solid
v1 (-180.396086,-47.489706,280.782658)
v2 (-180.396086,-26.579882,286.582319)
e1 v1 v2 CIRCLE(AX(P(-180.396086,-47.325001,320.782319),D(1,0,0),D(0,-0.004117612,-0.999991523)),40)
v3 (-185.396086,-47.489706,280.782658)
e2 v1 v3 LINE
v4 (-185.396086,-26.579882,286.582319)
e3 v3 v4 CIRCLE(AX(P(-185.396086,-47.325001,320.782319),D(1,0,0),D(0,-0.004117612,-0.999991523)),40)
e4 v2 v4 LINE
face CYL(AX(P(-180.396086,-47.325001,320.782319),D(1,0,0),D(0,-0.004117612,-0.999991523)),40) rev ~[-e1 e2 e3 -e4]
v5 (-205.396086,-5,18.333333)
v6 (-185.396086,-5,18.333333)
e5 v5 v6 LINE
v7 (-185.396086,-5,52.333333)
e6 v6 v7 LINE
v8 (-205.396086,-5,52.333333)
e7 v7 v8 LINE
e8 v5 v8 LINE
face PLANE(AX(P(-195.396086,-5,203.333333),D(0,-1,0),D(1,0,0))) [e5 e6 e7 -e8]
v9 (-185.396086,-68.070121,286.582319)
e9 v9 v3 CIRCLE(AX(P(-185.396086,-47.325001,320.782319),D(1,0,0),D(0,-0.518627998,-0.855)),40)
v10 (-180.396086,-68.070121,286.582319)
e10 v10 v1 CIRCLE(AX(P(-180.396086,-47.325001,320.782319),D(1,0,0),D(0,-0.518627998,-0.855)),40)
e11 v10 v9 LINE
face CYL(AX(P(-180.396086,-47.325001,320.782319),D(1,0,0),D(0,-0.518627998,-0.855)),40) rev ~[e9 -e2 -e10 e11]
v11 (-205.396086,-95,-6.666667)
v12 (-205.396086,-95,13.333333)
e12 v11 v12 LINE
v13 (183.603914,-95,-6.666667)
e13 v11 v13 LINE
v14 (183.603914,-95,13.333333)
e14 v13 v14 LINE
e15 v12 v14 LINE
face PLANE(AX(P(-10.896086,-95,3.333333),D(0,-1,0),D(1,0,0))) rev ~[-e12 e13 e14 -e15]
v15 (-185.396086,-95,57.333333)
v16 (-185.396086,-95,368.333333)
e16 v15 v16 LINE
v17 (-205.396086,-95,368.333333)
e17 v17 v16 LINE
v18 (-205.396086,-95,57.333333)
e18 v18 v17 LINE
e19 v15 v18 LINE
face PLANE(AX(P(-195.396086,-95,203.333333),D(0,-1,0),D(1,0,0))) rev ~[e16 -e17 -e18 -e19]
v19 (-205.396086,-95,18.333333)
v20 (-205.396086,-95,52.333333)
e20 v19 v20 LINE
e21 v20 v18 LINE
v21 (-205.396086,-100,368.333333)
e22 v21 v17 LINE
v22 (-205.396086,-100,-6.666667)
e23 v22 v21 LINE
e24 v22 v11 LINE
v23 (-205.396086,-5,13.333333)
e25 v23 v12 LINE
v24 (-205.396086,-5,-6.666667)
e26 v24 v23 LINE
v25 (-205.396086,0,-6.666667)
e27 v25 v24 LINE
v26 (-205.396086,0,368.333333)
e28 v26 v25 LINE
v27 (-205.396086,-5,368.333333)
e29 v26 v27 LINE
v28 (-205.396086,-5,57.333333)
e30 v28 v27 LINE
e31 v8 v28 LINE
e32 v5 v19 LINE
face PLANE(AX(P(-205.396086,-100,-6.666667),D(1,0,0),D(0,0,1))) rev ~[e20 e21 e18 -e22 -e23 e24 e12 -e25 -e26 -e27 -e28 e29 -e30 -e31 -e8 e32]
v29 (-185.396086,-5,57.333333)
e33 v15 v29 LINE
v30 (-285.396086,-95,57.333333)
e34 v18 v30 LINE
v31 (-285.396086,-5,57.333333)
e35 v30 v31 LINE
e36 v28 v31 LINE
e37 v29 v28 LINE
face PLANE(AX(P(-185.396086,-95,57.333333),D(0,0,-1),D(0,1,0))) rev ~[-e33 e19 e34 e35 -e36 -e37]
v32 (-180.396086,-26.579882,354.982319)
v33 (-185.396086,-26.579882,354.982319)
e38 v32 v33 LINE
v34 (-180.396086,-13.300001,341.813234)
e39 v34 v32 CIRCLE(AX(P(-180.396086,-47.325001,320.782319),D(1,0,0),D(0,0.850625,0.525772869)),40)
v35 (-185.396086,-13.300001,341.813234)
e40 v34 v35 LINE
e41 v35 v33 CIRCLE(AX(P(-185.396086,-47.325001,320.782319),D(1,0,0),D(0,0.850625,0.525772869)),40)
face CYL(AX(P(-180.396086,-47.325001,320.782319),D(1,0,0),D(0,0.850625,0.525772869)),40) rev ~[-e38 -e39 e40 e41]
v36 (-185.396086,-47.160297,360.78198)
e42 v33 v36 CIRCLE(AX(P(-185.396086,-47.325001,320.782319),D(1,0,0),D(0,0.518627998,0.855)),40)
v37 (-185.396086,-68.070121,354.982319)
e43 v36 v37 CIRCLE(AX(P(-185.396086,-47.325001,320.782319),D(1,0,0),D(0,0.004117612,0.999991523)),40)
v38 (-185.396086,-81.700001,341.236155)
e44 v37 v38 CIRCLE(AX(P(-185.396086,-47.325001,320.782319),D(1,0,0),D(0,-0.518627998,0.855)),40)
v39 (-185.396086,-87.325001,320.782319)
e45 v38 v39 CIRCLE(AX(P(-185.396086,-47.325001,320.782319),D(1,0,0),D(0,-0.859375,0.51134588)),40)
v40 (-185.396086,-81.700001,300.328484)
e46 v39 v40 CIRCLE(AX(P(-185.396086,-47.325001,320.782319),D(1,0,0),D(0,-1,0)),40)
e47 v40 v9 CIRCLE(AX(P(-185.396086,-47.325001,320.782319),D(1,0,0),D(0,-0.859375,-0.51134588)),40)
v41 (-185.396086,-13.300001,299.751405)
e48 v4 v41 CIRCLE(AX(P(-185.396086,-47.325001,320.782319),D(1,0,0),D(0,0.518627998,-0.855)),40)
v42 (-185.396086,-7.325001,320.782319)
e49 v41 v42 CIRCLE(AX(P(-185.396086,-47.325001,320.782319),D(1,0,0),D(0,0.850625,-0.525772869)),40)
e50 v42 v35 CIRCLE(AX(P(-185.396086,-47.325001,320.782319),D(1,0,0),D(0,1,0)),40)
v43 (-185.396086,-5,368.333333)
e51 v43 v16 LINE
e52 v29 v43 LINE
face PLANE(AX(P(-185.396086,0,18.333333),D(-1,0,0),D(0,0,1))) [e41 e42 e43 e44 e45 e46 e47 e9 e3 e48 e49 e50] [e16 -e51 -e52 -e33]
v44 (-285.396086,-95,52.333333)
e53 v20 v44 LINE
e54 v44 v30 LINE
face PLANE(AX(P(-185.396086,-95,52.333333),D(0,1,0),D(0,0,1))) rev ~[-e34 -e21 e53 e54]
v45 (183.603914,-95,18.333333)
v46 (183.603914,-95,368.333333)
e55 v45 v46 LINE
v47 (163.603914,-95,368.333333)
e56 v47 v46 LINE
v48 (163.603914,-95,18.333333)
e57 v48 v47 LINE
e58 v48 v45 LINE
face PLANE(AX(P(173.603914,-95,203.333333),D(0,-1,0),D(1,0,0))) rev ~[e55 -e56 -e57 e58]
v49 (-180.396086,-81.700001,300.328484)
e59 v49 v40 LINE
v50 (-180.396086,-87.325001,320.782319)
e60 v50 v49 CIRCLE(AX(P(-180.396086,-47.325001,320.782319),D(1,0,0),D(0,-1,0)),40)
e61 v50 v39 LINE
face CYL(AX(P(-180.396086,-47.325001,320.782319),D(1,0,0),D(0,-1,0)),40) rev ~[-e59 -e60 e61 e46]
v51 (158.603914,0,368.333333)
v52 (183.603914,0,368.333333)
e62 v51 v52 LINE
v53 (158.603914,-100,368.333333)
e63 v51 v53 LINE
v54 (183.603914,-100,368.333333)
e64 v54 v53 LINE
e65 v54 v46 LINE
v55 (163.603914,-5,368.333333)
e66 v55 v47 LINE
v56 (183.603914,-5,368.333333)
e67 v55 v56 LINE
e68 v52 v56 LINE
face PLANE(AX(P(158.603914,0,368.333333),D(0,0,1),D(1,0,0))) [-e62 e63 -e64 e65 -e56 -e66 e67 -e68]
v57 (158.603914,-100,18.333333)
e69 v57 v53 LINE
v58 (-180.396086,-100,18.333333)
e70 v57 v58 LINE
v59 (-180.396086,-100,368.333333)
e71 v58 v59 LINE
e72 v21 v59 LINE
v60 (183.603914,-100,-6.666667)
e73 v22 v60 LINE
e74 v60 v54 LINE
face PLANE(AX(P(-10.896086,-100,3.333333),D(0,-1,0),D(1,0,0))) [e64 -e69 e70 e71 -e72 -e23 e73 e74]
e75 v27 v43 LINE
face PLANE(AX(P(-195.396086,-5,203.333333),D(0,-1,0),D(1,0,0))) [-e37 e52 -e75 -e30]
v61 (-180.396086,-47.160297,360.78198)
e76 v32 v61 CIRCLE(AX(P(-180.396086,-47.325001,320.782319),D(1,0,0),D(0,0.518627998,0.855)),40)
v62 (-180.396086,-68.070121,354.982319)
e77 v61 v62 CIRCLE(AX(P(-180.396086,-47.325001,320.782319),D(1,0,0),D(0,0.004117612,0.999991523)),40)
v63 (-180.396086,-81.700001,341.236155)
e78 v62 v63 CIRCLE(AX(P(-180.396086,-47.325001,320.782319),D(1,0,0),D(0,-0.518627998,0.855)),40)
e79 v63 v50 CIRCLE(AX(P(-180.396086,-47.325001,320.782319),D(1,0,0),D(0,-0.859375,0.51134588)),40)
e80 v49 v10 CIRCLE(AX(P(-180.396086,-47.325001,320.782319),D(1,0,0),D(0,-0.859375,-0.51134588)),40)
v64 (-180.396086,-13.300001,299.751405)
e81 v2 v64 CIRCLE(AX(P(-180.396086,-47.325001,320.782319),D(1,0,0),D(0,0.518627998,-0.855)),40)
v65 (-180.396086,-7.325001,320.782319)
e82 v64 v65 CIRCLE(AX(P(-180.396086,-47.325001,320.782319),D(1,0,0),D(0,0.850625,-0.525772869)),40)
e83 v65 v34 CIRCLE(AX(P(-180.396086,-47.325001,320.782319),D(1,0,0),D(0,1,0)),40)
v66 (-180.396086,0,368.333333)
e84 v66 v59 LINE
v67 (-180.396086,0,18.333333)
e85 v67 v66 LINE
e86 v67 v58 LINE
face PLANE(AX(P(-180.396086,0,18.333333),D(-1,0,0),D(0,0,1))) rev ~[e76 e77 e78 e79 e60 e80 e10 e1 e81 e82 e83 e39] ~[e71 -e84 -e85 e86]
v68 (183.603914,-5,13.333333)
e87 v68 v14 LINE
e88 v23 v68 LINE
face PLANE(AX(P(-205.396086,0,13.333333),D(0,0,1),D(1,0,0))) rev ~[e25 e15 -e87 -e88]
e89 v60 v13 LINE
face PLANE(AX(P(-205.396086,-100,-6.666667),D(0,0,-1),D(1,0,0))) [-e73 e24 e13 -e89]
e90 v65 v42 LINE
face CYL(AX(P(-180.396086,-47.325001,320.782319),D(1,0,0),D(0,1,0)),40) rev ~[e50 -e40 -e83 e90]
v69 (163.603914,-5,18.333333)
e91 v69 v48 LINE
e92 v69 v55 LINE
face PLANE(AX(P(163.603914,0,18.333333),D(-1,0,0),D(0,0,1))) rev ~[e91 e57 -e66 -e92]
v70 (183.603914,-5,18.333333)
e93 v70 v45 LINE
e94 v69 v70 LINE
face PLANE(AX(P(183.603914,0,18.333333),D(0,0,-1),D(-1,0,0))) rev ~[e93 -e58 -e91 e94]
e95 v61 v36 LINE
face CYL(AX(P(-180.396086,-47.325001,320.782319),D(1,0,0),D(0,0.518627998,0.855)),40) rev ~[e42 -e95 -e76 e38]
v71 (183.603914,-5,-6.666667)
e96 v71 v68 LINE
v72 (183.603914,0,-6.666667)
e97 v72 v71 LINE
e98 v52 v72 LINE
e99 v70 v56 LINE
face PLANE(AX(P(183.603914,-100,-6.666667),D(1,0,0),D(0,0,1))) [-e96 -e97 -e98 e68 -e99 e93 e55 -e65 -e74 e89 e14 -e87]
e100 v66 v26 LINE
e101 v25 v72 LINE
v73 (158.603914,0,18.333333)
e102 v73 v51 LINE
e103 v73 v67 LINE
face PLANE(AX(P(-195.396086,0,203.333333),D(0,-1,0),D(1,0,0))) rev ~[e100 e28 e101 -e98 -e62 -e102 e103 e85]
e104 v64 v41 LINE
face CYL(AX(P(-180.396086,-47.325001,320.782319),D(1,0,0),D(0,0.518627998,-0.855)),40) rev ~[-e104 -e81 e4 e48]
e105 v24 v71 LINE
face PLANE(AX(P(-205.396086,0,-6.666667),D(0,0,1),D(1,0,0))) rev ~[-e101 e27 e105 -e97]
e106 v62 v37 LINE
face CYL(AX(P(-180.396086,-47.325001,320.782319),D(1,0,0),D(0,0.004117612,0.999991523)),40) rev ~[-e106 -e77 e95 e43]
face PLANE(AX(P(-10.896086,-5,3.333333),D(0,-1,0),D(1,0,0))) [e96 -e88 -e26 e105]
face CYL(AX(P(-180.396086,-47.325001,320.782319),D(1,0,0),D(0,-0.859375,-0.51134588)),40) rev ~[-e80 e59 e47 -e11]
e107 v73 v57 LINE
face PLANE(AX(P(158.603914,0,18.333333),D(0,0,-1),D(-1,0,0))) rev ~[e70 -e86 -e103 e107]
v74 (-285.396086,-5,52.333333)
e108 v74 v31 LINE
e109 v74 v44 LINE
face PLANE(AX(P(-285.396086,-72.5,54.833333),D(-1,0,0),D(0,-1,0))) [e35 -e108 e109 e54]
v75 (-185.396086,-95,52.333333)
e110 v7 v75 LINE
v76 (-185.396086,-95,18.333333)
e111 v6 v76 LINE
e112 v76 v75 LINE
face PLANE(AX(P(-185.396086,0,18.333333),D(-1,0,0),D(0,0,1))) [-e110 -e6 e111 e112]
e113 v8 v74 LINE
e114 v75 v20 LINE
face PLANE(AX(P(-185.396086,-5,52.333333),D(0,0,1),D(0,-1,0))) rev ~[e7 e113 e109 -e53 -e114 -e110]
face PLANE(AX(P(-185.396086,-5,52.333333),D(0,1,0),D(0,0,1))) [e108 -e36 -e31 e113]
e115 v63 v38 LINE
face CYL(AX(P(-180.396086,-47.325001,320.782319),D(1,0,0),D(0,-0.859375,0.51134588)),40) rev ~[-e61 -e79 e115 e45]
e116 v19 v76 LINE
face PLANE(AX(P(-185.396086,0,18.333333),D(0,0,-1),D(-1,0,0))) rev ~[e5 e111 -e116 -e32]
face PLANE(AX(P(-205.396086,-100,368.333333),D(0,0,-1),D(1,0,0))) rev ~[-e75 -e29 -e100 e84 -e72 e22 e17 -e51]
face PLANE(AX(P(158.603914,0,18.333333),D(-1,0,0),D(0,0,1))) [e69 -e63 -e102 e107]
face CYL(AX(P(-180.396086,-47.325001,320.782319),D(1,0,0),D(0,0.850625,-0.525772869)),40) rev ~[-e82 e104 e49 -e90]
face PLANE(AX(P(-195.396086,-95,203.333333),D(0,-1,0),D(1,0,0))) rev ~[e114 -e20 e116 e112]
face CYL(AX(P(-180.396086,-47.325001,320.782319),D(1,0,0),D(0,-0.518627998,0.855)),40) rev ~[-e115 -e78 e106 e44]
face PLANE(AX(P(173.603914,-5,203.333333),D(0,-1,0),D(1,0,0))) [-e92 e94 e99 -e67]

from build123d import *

# Parameters (mm, degrees)
F0_W      = 5
F0_H      = 370
F1_DEPTH  = 100
F0_W_2    = 20
F0_W_3    = 389
F0_H_2    = 20
F2_DEPTH  = 5
F3_W      = 20
F3_H      = 370
F4_DEPTH  = 5
F3_W_2    = 389
F3_H_2    = 20
F5_DEPTH  = 5
F7_DEPTH  = 20
F8_DEPTH  = 25
F10_DEPTH = 20
F9_W      = 45
F9_H      = 5
F11_DEPTH = 100


with BuildPart() as f1:
    # F0 (on Front) → F1 (new body)
    with BuildSketch(Plane.XZ):
        Polygon((-205.3960859776, 18.3333333333), (-205.3960859776, 13.3333333333), (183.6039140224, 13.3333333333), (183.6039140224, 18.3333333333), (163.6039140225, 18.3333333333), (158.6039140225, 18.3333333333), (-180.3960859776, 18.3333333333), (-185.3960859776, 18.3333333333), align=None)
        with Locations((-182.8960859776, 203.3333333333)):
            Rectangle(F0_W, F0_H)
        with Locations((161.1039140225, 203.3333333333)):
            Rectangle(F0_W, F0_H)
    extrude(amount=F1_DEPTH)

    # F0 (on Front) → F2 (join)
    with BuildSketch(Plane.XZ):
        with Locations((-195.3960859776, 203.3333333333)):
            Rectangle(F0_W_2, F0_H)
        with Locations((-10.8960859776, 3.3333333333)):
            Rectangle(F0_W_3, F0_H_2)
        with Locations((173.6039140224, 203.3333333333)):
            Rectangle(F0_W_2, F0_H)
    extrude(amount=F2_DEPTH)

    # F3 (on face) → F4 (join)
    with BuildSketch(Plane.XZ.offset(100)):
        with Locations((-195.3960859776, 203.3333333333)):
            Rectangle(F3_W, F3_H)
    extrude(amount=-F4_DEPTH)

    # F3 (on face) → F5 (join)
    with BuildSketch(Plane.XZ.offset(100)):
        with Locations((-10.8960859776, 3.3333333333)):
            Rectangle(F3_W_2, F3_H_2)
        with Locations((173.6039140225, 203.3333333333)):
            Rectangle(F3_W, F3_H)
    extrude(amount=-F5_DEPTH)

    # F7 (cut): a face of the model
    f7_faces = [f1.faces().sort_by_distance(p)[0] for p in [
        (162.573137616, -50, 388.3333333333),
    ]]
    extrude(f7_faces, amount=-F7_DEPTH, mode=Mode.SUBTRACT)

    # F6 (on face) → F8 (cut)
    with BuildSketch(Plane.YZ.offset(-180.3960859776)):
        with BuildLine():
            Line((-81.7000014901, 341.2361545223), (-81.7000014901, 320.7823193073))
            Line((-81.7000014901, 320.7823193073), (-53.5750014901, 320.7823193073))
            ThreePointArc((-53.5750014901, 320.7823193073), (-51.7353107636, 325.2108260661), (-47.2992664142, 327.0322663236))
            Line((-47.2992664142, 327.0322663236), (-47.1841779607, 354.9823193073))
            Line((-47.1841779607, 354.9823193073), (-68.0701213982, 354.9823193073))
            ThreePointArc((-68.0701213982, 354.9823193073), (-75.7291590422, 348.9461939299), (-81.7000014901, 341.2361545223))
        make_face()
        with BuildLine():
            ThreePointArc((-81.7000014901, 341.2361545223), (-85.8931230415, 331.3889210251), (-87.3250014901, 320.7823193073))
            Line((-87.3250014901, 320.7823193073), (-81.7000014901, 320.7823193073))
            Line((-81.7000014901, 320.7823193073), (-81.7000014901, 341.2361545223))
        make_face()
        with BuildLine():
            Line((-81.7000014901, 320.7823193073), (-87.3250014901, 320.7823193073))
            ThreePointArc((-87.3250014901, 320.7823193073), (-85.8931230415, 310.1757175895), (-81.7000014901, 300.3284840924))
            Line((-81.7000014901, 300.3284840924), (-81.7000014901, 320.7823193073))
        make_face()
        with BuildLine():
            Line((-13.3000014901, 320.7823193073), (-13.3000014901, 299.7514045626))
            ThreePointArc((-13.3000014901, 299.7514045626), (-8.847735475, 309.8507137528), (-7.3250014901, 320.7823193073))
            ThreePointArc((-7.3250014901, 320.7823193073), (-8.847735475, 331.7139248619), (-13.3000014901, 341.8132340521))
            Line((-13.3000014901, 341.8132340521), (-13.3000014901, 320.7823193073))
        make_face()
        with BuildLine():
            Line((-47.3507365661, 314.5323722911), (-47.4658250195, 286.5823193073))
            Line((-47.4658250195, 286.5823193073), (-26.579881582, 286.5823193073))
            ThreePointArc((-26.579881582, 286.5823193073), (-19.1594603041, 292.3798143175), (-13.3000014901, 299.7514045626))
            Line((-13.3000014901, 299.7514045626), (-13.3000014901, 320.7823193073))
            Line((-13.3000014901, 320.7823193073), (-41.0750014901, 320.7823193073))
            ThreePointArc((-41.0750014901, 320.7823193073), (-42.9146922166, 316.3538125486), (-47.3507365661, 314.5323722911))
        make_face()
        with BuildLine():
            Line((-26.579881582, 354.9823193073), (-47.1841779607, 354.9823193073))
            Line((-47.1841779607, 354.9823193073), (-47.2992664142, 327.0322663236))
            ThreePointArc((-47.2992664142, 327.0322663236), (-42.8964947314, 325.1926285808), (-41.0750014901, 320.7823193073))
            Line((-41.0750014901, 320.7823193073), (-13.3000014901, 320.7823193073))
            Line((-13.3000014901, 320.7823193073), (-13.3000014901, 341.8132340521))
            ThreePointArc((-13.3000014901, 341.8132340521), (-19.1594603041, 349.1848242972), (-26.579881582, 354.9823193073))
        make_face()
        with BuildLine():
            Line((-53.5750014901, 320.7823193073), (-81.7000014901, 320.7823193073))
            Line((-81.7000014901, 320.7823193073), (-81.7000014901, 300.3284840924))
            ThreePointArc((-81.7000014901, 300.3284840924), (-75.7291590422, 292.6184446848), (-68.0701213982, 286.5823193073))
            Line((-68.0701213982, 286.5823193073), (-47.4658250195, 286.5823193073))
            Line((-47.4658250195, 286.5823193073), (-47.3507365661, 314.5323722911))
            ThreePointArc((-47.3507365661, 314.5323722911), (-51.7535082489, 316.3720100339), (-53.5750014901, 320.7823193073))
        make_face()
        with BuildLine():
            ThreePointArc((-68.0701213982, 286.5823193073), (-58.1746192575, 282.2818544491), (-47.4897059762, 280.7826584034))
            Line((-47.4897059762, 280.7826584034), (-47.4658250195, 286.5823193073))
            Line((-47.4658250195, 286.5823193073), (-68.0701213982, 286.5823193073))
        make_face()
        with BuildLine():
            Line((-47.4658250195, 286.5823193073), (-47.4897059762, 280.7826584034))
            ThreePointArc((-47.4897059762, 280.7826584034), (-36.6340056812, 282.237506315), (-26.579881582, 286.5823193073))
            Line((-26.579881582, 286.5823193073), (-47.4658250195, 286.5823193073))
        make_face()
        with BuildLine():
            Line((-47.3250014901, 320.7823193073), (-53.5750014901, 320.7823193073))
            ThreePointArc((-53.5750014901, 320.7823193073), (-51.7535082489, 316.3720100339), (-47.3507365661, 314.5323722911))
            Line((-47.3507365661, 314.5323722911), (-47.3250014901, 320.7823193073))
        make_face()
        with BuildLine():
            ThreePointArc((-47.2992664142, 327.0322663236), (-51.7353107636, 325.2108260661), (-53.5750014901, 320.7823193073))
            Line((-53.5750014901, 320.7823193073), (-47.3250014901, 320.7823193073))
            Line((-47.3250014901, 320.7823193073), (-47.2992664142, 327.0322663236))
        make_face()
        with BuildLine():
            Line((-47.2992664142, 327.0322663236), (-47.3250014901, 320.7823193073))
            Line((-47.3250014901, 320.7823193073), (-41.0750014901, 320.7823193073))
            ThreePointArc((-41.0750014901, 320.7823193073), (-42.8964947314, 325.1926285808), (-47.2992664142, 327.0322663236))
        make_face()
        with BuildLine():
            Line((-41.0750014901, 320.7823193073), (-47.3250014901, 320.7823193073))
            Line((-47.3250014901, 320.7823193073), (-47.3507365661, 314.5323722911))
            ThreePointArc((-47.3507365661, 314.5323722911), (-42.9146922166, 316.3538125486), (-41.0750014901, 320.7823193073))
        make_face()
        with BuildLine():
            Line((-47.1841779607, 354.9823193073), (-47.160297004, 360.7819802113))
            ThreePointArc((-47.160297004, 360.7819802113), (-58.015997299, 359.3271322997), (-68.0701213982, 354.9823193073))
            Line((-68.0701213982, 354.9823193073), (-47.1841779607, 354.9823193073))
        make_face()
        with BuildLine():
            ThreePointArc((-26.579881582, 354.9823193073), (-36.4753837227, 359.2827841656), (-47.160297004, 360.7819802113))
            Line((-47.160297004, 360.7819802113), (-47.1841779607, 354.9823193073))
            Line((-47.1841779607, 354.9823193073), (-26.579881582, 354.9823193073))
        make_face()
    extrude(amount=-F8_DEPTH, mode=Mode.SUBTRACT)

    # F10 (cut): a face of the model
    f10_faces = [f1.faces().sort_by_distance(p)[0] for p in [
        (-204.3653095712, -2.5, 388.3333333333),
    ]]
    extrude(f10_faces, amount=-F10_DEPTH, mode=Mode.SUBTRACT)

    # F9 (on face) → F11 (join)
    with BuildSketch(Plane(origin=(-185.3960859776, 0, 0), x_dir=(0, -1, 0), z_dir=(-1, 0, 0))):
        with Locations((72.5, 54.8333333333)):
            Rectangle(F9_W, F9_H)
        with Locations((27.5, 54.8333333333)):
            Rectangle(F9_W, F9_H)
    extrude(amount=F11_DEPTH)


solid = f1.part
